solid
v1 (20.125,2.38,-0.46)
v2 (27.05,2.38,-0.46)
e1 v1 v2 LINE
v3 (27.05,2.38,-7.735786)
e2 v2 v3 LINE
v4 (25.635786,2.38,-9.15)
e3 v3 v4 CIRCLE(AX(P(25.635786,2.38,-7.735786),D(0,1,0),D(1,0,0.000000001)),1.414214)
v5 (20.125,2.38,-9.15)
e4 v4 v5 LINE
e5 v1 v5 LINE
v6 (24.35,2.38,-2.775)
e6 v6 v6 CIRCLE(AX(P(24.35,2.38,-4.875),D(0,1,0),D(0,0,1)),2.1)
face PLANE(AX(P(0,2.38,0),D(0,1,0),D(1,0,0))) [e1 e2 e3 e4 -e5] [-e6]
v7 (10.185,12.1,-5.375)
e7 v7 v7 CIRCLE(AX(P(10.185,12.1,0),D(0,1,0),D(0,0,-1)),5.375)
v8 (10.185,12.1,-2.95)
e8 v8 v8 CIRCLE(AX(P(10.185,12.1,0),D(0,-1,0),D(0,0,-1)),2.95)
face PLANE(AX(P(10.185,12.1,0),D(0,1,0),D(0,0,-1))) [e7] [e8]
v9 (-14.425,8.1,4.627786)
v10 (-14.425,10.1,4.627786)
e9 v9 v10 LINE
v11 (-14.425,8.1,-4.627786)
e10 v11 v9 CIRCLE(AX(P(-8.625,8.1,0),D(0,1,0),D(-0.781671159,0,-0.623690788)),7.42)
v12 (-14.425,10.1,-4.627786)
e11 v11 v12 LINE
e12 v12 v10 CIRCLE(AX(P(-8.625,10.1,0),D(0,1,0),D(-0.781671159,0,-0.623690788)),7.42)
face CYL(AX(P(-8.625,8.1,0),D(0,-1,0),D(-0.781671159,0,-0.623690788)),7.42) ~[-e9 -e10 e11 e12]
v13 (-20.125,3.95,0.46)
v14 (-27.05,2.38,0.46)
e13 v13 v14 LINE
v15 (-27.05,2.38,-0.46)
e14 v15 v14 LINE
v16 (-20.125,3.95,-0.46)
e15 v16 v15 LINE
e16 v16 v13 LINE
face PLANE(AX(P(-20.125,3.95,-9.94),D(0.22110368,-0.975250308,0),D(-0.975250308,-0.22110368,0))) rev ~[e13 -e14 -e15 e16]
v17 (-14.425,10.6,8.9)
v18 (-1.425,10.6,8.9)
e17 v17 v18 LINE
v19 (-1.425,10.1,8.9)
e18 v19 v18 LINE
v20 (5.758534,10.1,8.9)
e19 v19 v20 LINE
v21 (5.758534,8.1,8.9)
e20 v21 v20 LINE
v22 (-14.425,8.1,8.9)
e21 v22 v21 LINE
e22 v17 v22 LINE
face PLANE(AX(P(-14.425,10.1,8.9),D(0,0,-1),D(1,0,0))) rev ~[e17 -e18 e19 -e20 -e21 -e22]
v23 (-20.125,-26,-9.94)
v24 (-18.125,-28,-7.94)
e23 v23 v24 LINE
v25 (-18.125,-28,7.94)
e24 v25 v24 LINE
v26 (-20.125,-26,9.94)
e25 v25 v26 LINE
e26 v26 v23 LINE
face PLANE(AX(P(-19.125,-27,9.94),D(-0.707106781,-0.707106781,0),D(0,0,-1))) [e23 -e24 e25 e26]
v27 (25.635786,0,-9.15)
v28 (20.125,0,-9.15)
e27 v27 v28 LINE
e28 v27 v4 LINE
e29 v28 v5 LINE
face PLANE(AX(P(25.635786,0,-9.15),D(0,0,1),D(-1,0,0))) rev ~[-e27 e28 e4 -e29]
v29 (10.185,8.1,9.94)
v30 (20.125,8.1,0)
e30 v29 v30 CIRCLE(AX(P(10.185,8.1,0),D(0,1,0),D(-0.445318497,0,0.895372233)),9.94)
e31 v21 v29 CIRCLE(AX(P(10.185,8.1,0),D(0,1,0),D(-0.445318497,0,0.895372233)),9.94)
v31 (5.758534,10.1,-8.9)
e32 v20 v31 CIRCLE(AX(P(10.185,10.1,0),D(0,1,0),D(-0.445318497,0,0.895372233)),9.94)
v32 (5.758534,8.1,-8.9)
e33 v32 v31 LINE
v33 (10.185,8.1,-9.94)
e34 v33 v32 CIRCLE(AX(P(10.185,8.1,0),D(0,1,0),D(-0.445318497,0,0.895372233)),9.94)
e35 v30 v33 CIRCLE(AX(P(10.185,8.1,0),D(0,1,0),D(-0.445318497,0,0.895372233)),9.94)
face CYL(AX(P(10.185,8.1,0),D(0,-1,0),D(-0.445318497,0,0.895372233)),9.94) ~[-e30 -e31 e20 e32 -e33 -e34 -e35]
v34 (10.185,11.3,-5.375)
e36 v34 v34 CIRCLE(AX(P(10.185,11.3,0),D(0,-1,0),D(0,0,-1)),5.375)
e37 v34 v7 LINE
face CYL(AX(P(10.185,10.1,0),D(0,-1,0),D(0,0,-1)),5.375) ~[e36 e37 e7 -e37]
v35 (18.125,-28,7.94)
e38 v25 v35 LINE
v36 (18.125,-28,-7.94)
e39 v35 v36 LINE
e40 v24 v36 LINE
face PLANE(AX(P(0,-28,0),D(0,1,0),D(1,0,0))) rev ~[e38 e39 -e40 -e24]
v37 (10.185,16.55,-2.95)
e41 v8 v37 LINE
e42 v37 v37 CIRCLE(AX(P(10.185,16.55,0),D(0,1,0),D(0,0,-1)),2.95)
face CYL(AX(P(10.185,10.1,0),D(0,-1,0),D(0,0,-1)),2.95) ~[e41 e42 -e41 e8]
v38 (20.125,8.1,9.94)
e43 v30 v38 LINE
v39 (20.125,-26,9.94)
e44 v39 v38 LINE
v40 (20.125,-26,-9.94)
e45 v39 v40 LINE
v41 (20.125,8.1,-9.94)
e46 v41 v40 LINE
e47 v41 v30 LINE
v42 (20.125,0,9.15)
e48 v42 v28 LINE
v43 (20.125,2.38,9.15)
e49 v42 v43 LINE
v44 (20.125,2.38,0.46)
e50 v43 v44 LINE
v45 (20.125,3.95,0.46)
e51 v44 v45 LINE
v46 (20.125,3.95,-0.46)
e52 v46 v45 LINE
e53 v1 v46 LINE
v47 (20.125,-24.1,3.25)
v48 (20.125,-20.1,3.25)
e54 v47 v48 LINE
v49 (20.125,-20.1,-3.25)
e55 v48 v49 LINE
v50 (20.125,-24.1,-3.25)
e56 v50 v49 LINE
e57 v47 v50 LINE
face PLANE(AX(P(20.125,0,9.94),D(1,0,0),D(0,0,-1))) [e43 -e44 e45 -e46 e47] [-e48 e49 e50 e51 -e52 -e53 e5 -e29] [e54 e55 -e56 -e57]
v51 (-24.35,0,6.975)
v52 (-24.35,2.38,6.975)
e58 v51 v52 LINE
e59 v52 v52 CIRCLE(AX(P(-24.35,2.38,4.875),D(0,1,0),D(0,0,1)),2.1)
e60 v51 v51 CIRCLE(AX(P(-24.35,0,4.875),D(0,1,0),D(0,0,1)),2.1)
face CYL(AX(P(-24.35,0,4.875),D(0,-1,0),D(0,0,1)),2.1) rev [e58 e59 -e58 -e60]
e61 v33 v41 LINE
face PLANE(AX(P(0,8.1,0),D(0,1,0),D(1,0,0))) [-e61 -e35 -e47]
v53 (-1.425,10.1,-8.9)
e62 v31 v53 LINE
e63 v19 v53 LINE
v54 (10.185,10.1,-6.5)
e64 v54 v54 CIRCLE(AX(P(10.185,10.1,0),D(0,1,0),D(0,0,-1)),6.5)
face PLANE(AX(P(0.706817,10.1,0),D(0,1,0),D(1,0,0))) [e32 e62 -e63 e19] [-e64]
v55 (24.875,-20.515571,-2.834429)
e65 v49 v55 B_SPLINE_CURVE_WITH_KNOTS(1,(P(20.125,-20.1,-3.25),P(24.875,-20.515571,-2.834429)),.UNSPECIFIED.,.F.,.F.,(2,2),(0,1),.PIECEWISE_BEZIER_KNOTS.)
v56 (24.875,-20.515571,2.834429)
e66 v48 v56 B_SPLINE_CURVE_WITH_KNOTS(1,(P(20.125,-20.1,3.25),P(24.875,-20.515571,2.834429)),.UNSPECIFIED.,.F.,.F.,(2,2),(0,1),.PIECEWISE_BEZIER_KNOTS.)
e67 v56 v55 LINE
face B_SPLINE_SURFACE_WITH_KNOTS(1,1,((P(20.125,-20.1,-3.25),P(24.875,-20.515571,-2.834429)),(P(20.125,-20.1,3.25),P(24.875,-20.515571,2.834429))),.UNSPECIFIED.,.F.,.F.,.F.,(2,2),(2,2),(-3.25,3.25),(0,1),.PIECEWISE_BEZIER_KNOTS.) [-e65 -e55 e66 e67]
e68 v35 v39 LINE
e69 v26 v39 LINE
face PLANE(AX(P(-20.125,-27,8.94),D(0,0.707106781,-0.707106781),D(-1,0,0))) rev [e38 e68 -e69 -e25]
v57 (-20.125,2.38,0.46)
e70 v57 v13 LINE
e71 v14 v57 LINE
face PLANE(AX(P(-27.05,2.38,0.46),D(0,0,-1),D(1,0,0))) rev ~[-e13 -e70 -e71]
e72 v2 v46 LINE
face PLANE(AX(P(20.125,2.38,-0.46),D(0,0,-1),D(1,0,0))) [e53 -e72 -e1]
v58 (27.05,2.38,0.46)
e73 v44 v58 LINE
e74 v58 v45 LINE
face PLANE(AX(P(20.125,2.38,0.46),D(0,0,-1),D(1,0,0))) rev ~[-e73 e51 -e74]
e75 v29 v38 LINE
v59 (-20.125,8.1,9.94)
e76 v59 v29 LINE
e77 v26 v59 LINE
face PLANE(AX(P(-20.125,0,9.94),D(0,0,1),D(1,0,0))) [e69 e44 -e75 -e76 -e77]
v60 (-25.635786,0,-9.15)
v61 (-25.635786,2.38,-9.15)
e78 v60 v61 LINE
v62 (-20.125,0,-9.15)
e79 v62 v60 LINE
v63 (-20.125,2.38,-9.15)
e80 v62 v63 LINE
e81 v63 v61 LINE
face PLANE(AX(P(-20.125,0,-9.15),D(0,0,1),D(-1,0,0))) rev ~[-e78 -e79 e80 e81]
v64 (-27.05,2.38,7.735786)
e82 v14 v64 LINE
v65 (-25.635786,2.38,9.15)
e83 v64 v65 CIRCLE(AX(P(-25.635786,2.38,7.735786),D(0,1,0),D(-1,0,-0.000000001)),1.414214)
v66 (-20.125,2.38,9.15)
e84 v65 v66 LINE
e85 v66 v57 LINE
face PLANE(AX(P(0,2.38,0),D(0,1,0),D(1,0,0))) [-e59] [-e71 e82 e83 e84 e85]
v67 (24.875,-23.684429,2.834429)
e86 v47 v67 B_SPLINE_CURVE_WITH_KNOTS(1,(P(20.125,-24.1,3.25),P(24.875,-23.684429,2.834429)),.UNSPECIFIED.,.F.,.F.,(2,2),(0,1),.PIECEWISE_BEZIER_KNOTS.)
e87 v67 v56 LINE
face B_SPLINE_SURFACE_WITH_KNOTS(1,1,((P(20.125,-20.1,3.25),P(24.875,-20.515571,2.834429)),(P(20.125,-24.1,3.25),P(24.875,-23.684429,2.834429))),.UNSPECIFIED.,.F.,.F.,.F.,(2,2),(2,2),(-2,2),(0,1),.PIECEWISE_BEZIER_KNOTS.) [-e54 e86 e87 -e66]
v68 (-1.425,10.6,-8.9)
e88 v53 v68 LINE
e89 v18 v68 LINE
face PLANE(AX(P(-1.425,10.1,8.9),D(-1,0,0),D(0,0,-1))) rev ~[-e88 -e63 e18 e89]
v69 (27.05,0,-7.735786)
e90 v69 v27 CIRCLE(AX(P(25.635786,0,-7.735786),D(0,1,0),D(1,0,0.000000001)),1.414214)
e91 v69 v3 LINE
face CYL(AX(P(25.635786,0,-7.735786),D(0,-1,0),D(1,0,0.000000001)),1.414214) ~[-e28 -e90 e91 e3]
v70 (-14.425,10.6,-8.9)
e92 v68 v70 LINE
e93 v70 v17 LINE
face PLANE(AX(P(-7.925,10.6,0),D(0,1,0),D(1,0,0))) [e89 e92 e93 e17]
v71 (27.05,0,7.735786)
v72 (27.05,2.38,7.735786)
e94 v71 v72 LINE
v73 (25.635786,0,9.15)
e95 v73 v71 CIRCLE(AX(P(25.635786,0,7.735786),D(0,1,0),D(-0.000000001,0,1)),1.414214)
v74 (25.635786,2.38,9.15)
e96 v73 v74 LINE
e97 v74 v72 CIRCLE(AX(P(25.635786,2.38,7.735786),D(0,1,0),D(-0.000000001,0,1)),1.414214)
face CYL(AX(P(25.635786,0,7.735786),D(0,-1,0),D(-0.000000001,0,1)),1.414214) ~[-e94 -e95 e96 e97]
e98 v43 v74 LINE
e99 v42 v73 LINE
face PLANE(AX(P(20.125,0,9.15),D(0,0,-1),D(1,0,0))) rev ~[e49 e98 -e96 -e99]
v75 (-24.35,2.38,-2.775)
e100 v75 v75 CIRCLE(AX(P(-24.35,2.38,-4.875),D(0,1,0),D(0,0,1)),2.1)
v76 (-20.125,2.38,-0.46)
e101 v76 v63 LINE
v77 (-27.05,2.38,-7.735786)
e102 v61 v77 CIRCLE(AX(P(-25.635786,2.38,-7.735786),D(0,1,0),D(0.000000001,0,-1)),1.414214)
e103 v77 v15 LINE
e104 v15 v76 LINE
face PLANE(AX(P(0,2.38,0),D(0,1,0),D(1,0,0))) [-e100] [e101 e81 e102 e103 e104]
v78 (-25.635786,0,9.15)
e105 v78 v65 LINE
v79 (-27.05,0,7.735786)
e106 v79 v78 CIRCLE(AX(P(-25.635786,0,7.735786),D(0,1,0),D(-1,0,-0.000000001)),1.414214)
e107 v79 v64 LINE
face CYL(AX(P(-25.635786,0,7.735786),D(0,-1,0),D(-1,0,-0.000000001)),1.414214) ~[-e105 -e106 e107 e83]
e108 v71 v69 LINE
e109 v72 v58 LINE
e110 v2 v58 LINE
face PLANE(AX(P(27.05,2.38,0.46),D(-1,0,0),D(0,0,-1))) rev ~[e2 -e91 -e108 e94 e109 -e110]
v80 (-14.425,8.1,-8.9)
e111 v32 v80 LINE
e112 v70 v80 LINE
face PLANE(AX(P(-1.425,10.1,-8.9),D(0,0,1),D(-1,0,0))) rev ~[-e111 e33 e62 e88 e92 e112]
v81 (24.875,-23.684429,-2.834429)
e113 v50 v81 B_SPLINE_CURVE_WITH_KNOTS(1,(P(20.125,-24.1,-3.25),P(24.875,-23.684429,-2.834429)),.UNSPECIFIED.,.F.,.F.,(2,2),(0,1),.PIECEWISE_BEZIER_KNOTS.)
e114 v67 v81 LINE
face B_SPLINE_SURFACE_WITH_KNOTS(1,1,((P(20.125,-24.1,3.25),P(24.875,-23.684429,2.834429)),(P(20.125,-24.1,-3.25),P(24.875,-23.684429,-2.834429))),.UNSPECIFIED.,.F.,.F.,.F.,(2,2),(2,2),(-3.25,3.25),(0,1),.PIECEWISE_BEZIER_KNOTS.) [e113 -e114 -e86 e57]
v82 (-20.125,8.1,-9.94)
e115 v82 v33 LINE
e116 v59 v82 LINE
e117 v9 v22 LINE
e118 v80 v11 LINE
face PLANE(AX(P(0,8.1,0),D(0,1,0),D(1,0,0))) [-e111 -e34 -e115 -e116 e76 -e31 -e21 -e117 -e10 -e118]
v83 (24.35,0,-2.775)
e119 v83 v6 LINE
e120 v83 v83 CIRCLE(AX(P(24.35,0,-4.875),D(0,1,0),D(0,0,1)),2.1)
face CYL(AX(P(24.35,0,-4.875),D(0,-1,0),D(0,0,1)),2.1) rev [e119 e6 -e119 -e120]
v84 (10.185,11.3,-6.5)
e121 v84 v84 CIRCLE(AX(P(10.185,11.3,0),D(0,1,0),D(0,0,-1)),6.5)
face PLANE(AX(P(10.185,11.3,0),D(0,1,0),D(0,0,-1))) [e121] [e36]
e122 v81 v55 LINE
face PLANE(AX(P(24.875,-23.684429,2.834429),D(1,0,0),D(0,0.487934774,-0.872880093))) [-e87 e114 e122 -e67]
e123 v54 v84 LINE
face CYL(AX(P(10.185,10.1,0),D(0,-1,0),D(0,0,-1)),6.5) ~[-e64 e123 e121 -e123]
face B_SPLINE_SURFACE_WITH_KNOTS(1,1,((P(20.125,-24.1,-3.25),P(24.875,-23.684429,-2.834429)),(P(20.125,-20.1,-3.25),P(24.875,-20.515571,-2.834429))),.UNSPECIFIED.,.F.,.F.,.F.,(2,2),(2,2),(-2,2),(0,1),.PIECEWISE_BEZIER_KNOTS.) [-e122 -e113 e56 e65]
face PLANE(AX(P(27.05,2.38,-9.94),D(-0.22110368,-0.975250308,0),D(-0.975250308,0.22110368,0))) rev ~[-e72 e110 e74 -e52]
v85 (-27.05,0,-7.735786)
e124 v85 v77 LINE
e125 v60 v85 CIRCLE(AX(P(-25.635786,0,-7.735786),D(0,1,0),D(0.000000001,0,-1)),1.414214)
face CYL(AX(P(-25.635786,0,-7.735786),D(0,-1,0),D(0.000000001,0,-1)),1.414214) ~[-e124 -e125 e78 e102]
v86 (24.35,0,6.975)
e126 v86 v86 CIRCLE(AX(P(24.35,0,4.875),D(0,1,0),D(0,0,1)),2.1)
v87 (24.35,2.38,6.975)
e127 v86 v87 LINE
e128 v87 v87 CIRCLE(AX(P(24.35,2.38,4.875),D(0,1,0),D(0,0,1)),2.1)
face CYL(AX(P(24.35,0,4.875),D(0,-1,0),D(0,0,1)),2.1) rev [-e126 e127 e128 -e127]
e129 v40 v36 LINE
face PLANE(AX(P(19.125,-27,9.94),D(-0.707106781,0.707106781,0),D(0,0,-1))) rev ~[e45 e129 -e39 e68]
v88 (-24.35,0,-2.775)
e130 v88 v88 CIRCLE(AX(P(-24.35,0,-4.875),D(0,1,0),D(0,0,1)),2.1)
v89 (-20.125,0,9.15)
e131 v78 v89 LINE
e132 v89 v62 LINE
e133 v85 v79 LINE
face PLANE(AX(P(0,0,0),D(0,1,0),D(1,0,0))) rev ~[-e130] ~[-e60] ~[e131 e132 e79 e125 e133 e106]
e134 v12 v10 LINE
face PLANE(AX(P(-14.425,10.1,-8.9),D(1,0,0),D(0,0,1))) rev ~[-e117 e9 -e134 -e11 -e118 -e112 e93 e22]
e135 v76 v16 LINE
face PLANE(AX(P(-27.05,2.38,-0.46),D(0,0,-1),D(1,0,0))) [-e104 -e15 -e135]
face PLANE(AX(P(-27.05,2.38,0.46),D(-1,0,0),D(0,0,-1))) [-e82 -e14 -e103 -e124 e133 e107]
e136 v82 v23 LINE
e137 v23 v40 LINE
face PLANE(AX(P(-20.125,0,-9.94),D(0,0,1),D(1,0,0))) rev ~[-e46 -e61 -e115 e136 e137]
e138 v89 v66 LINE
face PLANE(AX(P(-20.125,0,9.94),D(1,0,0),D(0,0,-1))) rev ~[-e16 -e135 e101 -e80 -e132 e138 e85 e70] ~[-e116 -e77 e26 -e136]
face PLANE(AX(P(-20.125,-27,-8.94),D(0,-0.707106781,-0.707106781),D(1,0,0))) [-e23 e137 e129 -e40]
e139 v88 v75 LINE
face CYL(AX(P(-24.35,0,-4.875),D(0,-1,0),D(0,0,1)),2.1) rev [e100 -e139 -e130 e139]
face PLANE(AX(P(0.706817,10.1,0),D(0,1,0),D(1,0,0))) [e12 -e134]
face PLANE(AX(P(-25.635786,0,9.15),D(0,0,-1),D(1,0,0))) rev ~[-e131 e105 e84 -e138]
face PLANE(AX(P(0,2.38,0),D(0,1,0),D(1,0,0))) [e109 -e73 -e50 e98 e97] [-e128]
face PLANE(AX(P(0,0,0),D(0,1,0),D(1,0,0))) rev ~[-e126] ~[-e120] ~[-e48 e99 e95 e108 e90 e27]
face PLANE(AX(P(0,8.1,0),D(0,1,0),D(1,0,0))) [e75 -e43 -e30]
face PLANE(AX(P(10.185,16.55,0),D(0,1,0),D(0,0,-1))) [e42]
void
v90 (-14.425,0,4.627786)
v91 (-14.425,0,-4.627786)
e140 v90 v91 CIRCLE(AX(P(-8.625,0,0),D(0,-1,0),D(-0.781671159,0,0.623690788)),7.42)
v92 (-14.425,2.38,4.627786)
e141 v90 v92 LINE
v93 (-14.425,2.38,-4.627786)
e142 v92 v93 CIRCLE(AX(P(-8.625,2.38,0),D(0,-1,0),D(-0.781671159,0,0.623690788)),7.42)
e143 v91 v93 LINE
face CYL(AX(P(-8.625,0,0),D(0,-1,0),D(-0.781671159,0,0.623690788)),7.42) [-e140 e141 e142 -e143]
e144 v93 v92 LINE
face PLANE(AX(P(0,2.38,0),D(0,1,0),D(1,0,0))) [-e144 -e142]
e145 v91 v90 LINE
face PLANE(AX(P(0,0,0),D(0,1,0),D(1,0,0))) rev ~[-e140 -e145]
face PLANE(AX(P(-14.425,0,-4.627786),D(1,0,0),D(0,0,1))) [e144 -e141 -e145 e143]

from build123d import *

# Parameters (mm, degrees)
SKETCH1_R           = 2.1
BOSS_EXTRUDE1_DEPTH = 2.38
BOSS_EXTRUDE2_START = 2.38
SKETCH1_3_W         = 40.25
SKETCH1_3_H         = 19.88
SKETCH1_3_W_2       = 6.925
SKETCH1_3_H_2       = 0.92
BOSS_EXTRUDE2_DEPTH = 5.72
BOSS_EXTRUDE3_START = 8.1
BOSS_EXTRUDE3_DEPTH = 2
BOSS_EXTRUDE4_START = 10.1
BOSS_EXTRUDE4_DEPTH = 0.5
BOSS_EXTRUDE5_START = 10.1
SKETCH1_6_R         = 6.5
BOSS_EXTRUDE5_DEPTH = 1.2
BOSS_EXTRUDE6_START = 10.1
SKETCH1_8_R         = 5.375
BOSS_EXTRUDE6_DEPTH = 2
BOSS_EXTRUDE7_START = 10.1
SKETCH1_9_R         = 2.95
BOSS_EXTRUDE7_DEPTH = 6.45
SKETCH1_10_W        = 40.25
SKETCH1_10_H        = 19.88
BOSS_EXTRUDE8_DEPTH = 28
CHAMFER1_SIZE       = 2
SKETCH2_W           = 6.5
SKETCH2_H           = 4
BOSS_EXTRUDE9_DEPTH = 4.75
BOSS_EXTRUDE9_TAPER = 5
CUT_EXTRUDE1_DEPTH  = 44.714035503


with BuildPart() as part:
    # Sketch1 → Boss-Extrude1 (new body)
    with BuildSketch(Plane(origin=(0, 0, 0), x_dir=(1, 0, 0), z_dir=(0, 1, 0))):
        with BuildLine():
            Line((-20.125, -9.15), (-20.125, -9.94))
            Line((-20.125, -9.94), (20.125, -9.94))
            Line((20.125, -9.94), (20.125, -9.15))
            Line((20.125, -9.15), (25.635786438, -9.15))
            ThreePointArc((25.635786438, -9.15), (26.635786438, -8.735786438), (27.05, -7.735786438))
            Line((27.05, -7.735786438), (27.05, 7.735786438))
            ThreePointArc((27.05, 7.735786438), (26.635786438, 8.735786438), (25.635786438, 9.15))
            Line((25.635786438, 9.15), (20.125, 9.15))
            Line((20.125, 9.15), (20.125, 9.94))
            Line((20.125, 9.94), (-20.125, 9.94))
            Line((-20.125, 9.94), (-20.125, 9.15))
            Line((-20.125, 9.15), (-25.635786438, 9.15))
            ThreePointArc((-25.635786438, 9.15), (-26.635786438, 8.735786438), (-27.05, 7.735786438))
            Line((-27.05, 7.735786438), (-27.05, -7.735786438))
            ThreePointArc((-27.05, -7.735786438), (-26.635786438, -8.735786438), (-25.635786438, -9.15))
            Line((-25.635786438, -9.15), (-20.125, -9.15))
        make_face()
        with BuildLine():
            ThreePointArc((-14.425, -4.627785648), (-16.045, 0), (-14.425, 4.627785648))
            Line((-14.425, 4.627785648), (-14.425, -4.627785648))
        make_face(mode=Mode.SUBTRACT)
        with Locations(Location((-24.35, -4.875, 0), (0, 0, 270))):
            Circle(SKETCH1_R, mode=Mode.SUBTRACT)
        with Locations(Location((24.35, -4.875, 0), (0, 0, 270))):
            Circle(SKETCH1_R, mode=Mode.SUBTRACT)
        with Locations(Location((-24.35, 4.875, 0), (0, 0, 270))):
            Circle(SKETCH1_R, mode=Mode.SUBTRACT)
        with Locations(Location((24.35, 4.875, 0), (0, 0, 270))):
            Circle(SKETCH1_R, mode=Mode.SUBTRACT)
    extrude(amount=BOSS_EXTRUDE1_DEPTH)

    # Sketch1<3> → Boss-Extrude2 (add)
    with BuildSketch(Plane(origin=(0, 0, 0), x_dir=(1, 0, 0), z_dir=(0, 1, 0)).offset(BOSS_EXTRUDE2_START)):
        Rectangle(SKETCH1_3_W, SKETCH1_3_H)
        with Locations((-23.5875, 0)):
            Rectangle(SKETCH1_3_W_2, SKETCH1_3_H_2)
        with Locations((23.5875, 0)):
            Rectangle(SKETCH1_3_W_2, SKETCH1_3_H_2)
    extrude(amount=BOSS_EXTRUDE2_DEPTH)

    # Sketch1<4> → Boss-Extrude3 (add)
    with BuildSketch(Plane(origin=(0, 0, 0), x_dir=(1, 0, 0), z_dir=(0, 1, 0)).offset(BOSS_EXTRUDE3_START)):
        with BuildLine():
            Line((5.758534141, 8.9), (-14.425, 8.9))
            Line((-14.425, 8.9), (-14.425, 4.627785648))
            ThreePointArc((-14.425, 4.627785648), (-16.045, 0), (-14.425, -4.627785648))
            Line((-14.425, -4.627785648), (-14.425, -8.9))
            Line((-14.425, -8.9), (5.758534141, -8.9))
            ThreePointArc((5.758534141, -8.9), (20.125, 0), (5.758534141, 8.9))
        make_face()
    extrude(amount=BOSS_EXTRUDE3_DEPTH)

    # Sketch1<5> → Boss-Extrude4 (add)
    with BuildSketch(Plane(origin=(0, 0, 0), x_dir=(1, 0, 0), z_dir=(0, 1, 0)).offset(BOSS_EXTRUDE4_START)):
        Polygon((-14.425, -8.9), (-1.425, -8.9), (-1.425, 8.9), (-14.425, 8.9), (-14.425, 4.627785648), (-14.425, -4.627785648), align=None)
    extrude(amount=BOSS_EXTRUDE4_DEPTH)

    # Sketch1<6> → Boss-Extrude5 (add)
    with BuildSketch(Plane(origin=(0, 0, 0), x_dir=(1, 0, 0), z_dir=(0, 1, 0)).offset(BOSS_EXTRUDE5_START)):
        with Locations(Location((10.185, 0, 0), (0, 0, 90))):
            Circle(SKETCH1_6_R)
    extrude(amount=BOSS_EXTRUDE5_DEPTH)

    # Sketch1<8> → Boss-Extrude6 (add)
    with BuildSketch(Plane(origin=(0, 0, 0), x_dir=(1, 0, 0), z_dir=(0, 1, 0)).offset(BOSS_EXTRUDE6_START)):
        with Locations(Location((10.185, 0, 0), (0, 0, 90))):
            Circle(SKETCH1_8_R)
    extrude(amount=BOSS_EXTRUDE6_DEPTH)

    # Sketch1<9> → Boss-Extrude7 (add)
    with BuildSketch(Plane(origin=(0, 0, 0), x_dir=(1, 0, 0), z_dir=(0, 1, 0)).offset(BOSS_EXTRUDE7_START)):
        with Locations(Location((10.185, 0, 0), (0, 0, 90))):
            Circle(SKETCH1_9_R)
    extrude(amount=BOSS_EXTRUDE7_DEPTH)

    # Sketch1<10> → Boss-Extrude8 (add)
    with BuildSketch(Plane(origin=(0, 0, 0), x_dir=(1, 0, 0), z_dir=(0, 1, 0))):
        Rectangle(SKETCH1_10_W, SKETCH1_10_H)
    extrude(amount=-BOSS_EXTRUDE8_DEPTH)

    # Chamfer1
    chamfer1_edges = [part.edges().sort_by_distance(p)[0] for p in [
        (0, -28, 9.94),
        (20.125, -28, 0),
        (-20.125, -28, 0),
        (0, -28, -9.94),
    ]]
    chamfer(chamfer1_edges, length=CHAMFER1_SIZE)

    # Sketch2 → Boss-Extrude9 (add)
    with BuildSketch(Plane(origin=(20.125, 0, 0), x_dir=(0, 0, -1), z_dir=(1, 0, 0))):
        with Locations((0, -22.1)):
            Rectangle(SKETCH2_W, SKETCH2_H)
    extrude(amount=BOSS_EXTRUDE9_DEPTH, taper=BOSS_EXTRUDE9_TAPER)

    # Sketch3 → Cut-Extrude1 (cut, through all)
    with BuildSketch(Plane(origin=(0, 0, -9.94), x_dir=(-1, 0, 0), z_dir=(0, 0, -1))):
        Polygon((-27.05, 8.1), (-27.05, 2.38), (-20.125, 3.95), (-20.125, 8.1), align=None)
        Polygon((20.125, 3.95), (27.05, 2.38), (27.05, 8.1), (20.125, 8.1), align=None)
    extrude(amount=-CUT_EXTRUDE1_DEPTH, mode=Mode.SUBTRACT)


solid = part.part
